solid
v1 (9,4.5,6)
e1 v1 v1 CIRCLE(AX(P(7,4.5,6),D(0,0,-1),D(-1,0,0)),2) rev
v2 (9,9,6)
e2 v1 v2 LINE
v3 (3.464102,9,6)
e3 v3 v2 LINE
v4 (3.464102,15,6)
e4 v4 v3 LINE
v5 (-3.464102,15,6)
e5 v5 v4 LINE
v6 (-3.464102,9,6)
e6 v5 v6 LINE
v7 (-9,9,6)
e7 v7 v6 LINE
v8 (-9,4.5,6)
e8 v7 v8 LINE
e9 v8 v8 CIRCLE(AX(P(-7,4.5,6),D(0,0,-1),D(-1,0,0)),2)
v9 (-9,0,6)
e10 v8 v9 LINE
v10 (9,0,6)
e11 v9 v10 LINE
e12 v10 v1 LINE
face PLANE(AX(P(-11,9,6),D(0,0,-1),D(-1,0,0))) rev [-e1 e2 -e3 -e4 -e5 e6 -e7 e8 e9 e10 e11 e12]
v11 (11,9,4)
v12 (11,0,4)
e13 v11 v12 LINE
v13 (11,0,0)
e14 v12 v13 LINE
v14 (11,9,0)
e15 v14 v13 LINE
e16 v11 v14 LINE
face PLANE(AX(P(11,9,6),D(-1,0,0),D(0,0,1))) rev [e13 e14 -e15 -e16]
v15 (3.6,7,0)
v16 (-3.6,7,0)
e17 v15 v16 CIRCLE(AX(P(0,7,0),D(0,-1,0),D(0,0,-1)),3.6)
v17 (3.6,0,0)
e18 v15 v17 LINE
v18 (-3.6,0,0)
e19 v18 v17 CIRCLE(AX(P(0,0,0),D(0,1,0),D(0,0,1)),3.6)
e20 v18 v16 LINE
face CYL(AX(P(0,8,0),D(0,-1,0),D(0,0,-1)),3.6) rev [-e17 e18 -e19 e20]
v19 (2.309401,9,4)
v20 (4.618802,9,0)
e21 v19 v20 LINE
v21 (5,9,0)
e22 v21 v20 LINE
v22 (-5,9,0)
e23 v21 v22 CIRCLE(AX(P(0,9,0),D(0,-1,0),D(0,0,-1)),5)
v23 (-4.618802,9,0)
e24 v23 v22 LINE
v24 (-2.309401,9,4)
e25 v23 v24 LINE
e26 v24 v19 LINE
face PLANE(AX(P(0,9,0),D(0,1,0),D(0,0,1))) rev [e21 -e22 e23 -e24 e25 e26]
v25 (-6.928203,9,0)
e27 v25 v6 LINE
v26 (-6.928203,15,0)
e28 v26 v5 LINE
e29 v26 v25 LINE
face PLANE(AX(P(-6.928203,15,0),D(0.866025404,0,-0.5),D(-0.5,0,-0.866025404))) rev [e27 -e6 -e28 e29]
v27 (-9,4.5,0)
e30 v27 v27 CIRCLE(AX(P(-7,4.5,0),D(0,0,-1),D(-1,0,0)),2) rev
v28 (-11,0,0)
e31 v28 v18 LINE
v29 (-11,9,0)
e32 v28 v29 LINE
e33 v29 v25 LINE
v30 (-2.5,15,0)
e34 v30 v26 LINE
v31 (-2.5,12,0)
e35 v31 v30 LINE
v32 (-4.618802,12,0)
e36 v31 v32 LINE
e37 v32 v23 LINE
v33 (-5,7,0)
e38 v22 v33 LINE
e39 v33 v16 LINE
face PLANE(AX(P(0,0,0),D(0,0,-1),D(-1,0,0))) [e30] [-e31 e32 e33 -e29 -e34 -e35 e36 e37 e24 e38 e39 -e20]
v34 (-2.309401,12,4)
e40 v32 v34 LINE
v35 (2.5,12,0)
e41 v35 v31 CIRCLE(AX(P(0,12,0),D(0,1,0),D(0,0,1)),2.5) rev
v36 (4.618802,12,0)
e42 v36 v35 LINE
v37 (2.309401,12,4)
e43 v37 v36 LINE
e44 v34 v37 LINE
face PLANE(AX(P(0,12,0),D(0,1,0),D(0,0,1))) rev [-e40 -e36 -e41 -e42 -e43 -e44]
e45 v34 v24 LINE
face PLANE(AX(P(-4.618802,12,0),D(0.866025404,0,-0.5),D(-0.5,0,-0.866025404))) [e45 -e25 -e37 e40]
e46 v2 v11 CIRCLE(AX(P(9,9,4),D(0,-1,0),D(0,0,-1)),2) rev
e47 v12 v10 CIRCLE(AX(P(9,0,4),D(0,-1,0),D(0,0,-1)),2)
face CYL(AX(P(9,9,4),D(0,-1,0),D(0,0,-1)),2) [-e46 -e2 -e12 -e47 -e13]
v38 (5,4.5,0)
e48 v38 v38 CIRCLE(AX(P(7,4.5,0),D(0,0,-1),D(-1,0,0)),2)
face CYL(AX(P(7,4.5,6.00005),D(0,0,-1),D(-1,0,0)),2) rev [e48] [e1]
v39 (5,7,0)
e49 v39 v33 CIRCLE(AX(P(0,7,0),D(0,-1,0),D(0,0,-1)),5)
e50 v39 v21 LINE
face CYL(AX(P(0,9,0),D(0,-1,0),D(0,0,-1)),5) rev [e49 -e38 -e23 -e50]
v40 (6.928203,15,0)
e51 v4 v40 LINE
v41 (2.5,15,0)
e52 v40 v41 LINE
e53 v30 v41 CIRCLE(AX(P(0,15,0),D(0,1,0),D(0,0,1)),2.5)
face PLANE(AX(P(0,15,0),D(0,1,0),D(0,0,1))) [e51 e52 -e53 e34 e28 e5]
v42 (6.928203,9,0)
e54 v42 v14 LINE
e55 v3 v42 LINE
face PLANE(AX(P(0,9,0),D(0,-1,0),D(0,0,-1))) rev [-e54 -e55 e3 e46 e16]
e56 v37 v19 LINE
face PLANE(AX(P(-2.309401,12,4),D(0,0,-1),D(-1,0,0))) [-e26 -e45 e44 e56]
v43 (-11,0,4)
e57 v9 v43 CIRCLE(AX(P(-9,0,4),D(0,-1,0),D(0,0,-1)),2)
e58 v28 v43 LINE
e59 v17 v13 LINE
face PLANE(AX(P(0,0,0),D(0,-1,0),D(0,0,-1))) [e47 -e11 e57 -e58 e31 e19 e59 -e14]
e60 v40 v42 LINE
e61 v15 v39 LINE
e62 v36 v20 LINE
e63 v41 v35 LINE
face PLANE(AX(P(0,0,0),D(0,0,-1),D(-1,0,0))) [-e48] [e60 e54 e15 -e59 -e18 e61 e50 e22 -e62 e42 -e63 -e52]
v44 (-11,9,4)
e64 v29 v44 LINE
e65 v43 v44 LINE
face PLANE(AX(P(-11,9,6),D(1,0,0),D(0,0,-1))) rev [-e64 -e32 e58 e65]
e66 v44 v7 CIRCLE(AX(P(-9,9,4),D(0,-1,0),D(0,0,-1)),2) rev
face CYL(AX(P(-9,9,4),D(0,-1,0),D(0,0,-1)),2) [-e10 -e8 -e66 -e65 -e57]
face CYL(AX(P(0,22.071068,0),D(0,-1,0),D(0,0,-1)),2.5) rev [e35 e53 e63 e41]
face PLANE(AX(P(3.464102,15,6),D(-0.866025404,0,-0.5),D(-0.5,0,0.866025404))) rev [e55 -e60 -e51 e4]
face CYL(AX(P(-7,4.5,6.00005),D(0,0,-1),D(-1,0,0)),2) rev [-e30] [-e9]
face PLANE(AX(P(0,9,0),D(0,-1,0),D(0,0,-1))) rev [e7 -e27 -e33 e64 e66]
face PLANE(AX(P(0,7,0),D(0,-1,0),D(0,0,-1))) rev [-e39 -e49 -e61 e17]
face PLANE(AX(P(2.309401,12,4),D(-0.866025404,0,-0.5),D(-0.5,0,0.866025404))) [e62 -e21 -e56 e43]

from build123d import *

# Parameters (mm, degrees)
SKETCH_1_W           = 22
SKETCH_1_H           = 12
EXTRUDE_1_DEPTH      = 9
FILLET_1_R           = 2
SKETCH_2_R           = 3.6
CUT_EXTRUDE_1_DEPTH  = 8
SKETCH_3_R           = 5
CUT_EXTRUDE_2_DEPTH  = 1
EXTRUDE_2_DEPTH      = 6
CUT_EXTRUDE_5_DEPTH  = 3
SKETCH_8_R           = 2.5
CUT_EXTRUDE_6_DEPTH  = 6
SKETCH_11_R          = 2
CUT_EXTRUDE_9_DEPTH  = 13
SKETCH_12_W          = 27.17111841
SKETCH_12_H          = 33.234136994
CUT_EXTRUDE_10_DEPTH = 10


with BuildPart() as part:
    # Эскиз1 → Бобышка-Вытянуть1 (new body)
    with BuildSketch(Plane(origin=(0, 0, 0), x_dir=(1, 0, 0), z_dir=(0, 1, 0))):
        Rectangle(SKETCH_1_W, SKETCH_1_H)
    extrude(amount=EXTRUDE_1_DEPTH)

    # Скругление1
    fillet_1_edges = [part.edges().sort_by_distance(p)[0] for p in [
        (11, 4.5, 6),
        (-11, 4.5, 6),
        (-11, 4.5, -6),
        (11, 4.5, -6),
    ]]
    fillet(fillet_1_edges, radius=FILLET_1_R)

    # Эскиз2 → Вырез-Вытянуть1 (cut)
    with BuildSketch(Plane(origin=(0, 0, 0), x_dir=(1, 0, 0), z_dir=(0, 1, 0))):
        Circle(SKETCH_2_R)
    extrude(amount=CUT_EXTRUDE_1_DEPTH, mode=Mode.SUBTRACT)

    # Эскиз3 → Вырез-Вытянуть2 (cut, symmetric)
    with BuildSketch(Plane.XZ.offset(-8)):
        Circle(SKETCH_3_R)
    extrude(amount=CUT_EXTRUDE_2_DEPTH, both=True, mode=Mode.SUBTRACT)

    # Эскиз6 → Бобышка-Вытянуть2 (add)
    with BuildSketch(Plane(origin=(0, 9, 0), x_dir=(1, 0, 0), z_dir=(0, 1, 0))):
        Polygon((6.92820323, 0), (3.464101615, 6), (-3.464101615, 6), (-6.92820323, 0), (-3.464101615, -6), (3.464101615, -6), align=None)
    extrude(amount=EXTRUDE_2_DEPTH)

    # Эскиз7 → Вырез-Вытянуть5 (cut)
    with BuildSketch(Plane(origin=(0, 9, 0), x_dir=(1, 0, 0), z_dir=(0, 1, 0))):
        Polygon((4.618802154, 0), (2.309401077, 4), (-2.309401077, 4), (-4.618802154, 0), (-2.309401077, -4), (2.309401077, -4), align=None)
    extrude(amount=CUT_EXTRUDE_5_DEPTH, mode=Mode.SUBTRACT)

    # Эскиз8 → Вырез-Вытянуть6 (cut)
    with BuildSketch(Plane(origin=(0, 9, 0), x_dir=(1, 0, 0), z_dir=(0, 1, 0))):
        Circle(SKETCH_8_R)
    extrude(amount=CUT_EXTRUDE_6_DEPTH, mode=Mode.SUBTRACT)

    # Эскиз11 → Вырез-Вытянуть9 (cut, through all)
    with BuildSketch(Plane(origin=(0, 0, -6), x_dir=(-1, 0, 0), z_dir=(0, 0, -1))):
        with Locations((7, 4.5)):
            Circle(SKETCH_11_R)
    cut_extrude_9 = extrude(amount=-CUT_EXTRUDE_9_DEPTH, mode=Mode.SUBTRACT)

    # Зеркальное отражение6: Вырез-Вытянуть9 across plane
    add(cut_extrude_9.mirror(Plane(origin=(0, 0, 0), x_dir=(0, 0, 1), z_dir=(1, 0, 0))), mode=Mode.SUBTRACT)

    # Эскиз12 → Вырез-Вытянуть10 (cut)
    with BuildSketch(Plane.XY):
        Rectangle(SKETCH_12_W, SKETCH_12_H)
    extrude(amount=-CUT_EXTRUDE_10_DEPTH, mode=Mode.SUBTRACT)


solid = part.part
